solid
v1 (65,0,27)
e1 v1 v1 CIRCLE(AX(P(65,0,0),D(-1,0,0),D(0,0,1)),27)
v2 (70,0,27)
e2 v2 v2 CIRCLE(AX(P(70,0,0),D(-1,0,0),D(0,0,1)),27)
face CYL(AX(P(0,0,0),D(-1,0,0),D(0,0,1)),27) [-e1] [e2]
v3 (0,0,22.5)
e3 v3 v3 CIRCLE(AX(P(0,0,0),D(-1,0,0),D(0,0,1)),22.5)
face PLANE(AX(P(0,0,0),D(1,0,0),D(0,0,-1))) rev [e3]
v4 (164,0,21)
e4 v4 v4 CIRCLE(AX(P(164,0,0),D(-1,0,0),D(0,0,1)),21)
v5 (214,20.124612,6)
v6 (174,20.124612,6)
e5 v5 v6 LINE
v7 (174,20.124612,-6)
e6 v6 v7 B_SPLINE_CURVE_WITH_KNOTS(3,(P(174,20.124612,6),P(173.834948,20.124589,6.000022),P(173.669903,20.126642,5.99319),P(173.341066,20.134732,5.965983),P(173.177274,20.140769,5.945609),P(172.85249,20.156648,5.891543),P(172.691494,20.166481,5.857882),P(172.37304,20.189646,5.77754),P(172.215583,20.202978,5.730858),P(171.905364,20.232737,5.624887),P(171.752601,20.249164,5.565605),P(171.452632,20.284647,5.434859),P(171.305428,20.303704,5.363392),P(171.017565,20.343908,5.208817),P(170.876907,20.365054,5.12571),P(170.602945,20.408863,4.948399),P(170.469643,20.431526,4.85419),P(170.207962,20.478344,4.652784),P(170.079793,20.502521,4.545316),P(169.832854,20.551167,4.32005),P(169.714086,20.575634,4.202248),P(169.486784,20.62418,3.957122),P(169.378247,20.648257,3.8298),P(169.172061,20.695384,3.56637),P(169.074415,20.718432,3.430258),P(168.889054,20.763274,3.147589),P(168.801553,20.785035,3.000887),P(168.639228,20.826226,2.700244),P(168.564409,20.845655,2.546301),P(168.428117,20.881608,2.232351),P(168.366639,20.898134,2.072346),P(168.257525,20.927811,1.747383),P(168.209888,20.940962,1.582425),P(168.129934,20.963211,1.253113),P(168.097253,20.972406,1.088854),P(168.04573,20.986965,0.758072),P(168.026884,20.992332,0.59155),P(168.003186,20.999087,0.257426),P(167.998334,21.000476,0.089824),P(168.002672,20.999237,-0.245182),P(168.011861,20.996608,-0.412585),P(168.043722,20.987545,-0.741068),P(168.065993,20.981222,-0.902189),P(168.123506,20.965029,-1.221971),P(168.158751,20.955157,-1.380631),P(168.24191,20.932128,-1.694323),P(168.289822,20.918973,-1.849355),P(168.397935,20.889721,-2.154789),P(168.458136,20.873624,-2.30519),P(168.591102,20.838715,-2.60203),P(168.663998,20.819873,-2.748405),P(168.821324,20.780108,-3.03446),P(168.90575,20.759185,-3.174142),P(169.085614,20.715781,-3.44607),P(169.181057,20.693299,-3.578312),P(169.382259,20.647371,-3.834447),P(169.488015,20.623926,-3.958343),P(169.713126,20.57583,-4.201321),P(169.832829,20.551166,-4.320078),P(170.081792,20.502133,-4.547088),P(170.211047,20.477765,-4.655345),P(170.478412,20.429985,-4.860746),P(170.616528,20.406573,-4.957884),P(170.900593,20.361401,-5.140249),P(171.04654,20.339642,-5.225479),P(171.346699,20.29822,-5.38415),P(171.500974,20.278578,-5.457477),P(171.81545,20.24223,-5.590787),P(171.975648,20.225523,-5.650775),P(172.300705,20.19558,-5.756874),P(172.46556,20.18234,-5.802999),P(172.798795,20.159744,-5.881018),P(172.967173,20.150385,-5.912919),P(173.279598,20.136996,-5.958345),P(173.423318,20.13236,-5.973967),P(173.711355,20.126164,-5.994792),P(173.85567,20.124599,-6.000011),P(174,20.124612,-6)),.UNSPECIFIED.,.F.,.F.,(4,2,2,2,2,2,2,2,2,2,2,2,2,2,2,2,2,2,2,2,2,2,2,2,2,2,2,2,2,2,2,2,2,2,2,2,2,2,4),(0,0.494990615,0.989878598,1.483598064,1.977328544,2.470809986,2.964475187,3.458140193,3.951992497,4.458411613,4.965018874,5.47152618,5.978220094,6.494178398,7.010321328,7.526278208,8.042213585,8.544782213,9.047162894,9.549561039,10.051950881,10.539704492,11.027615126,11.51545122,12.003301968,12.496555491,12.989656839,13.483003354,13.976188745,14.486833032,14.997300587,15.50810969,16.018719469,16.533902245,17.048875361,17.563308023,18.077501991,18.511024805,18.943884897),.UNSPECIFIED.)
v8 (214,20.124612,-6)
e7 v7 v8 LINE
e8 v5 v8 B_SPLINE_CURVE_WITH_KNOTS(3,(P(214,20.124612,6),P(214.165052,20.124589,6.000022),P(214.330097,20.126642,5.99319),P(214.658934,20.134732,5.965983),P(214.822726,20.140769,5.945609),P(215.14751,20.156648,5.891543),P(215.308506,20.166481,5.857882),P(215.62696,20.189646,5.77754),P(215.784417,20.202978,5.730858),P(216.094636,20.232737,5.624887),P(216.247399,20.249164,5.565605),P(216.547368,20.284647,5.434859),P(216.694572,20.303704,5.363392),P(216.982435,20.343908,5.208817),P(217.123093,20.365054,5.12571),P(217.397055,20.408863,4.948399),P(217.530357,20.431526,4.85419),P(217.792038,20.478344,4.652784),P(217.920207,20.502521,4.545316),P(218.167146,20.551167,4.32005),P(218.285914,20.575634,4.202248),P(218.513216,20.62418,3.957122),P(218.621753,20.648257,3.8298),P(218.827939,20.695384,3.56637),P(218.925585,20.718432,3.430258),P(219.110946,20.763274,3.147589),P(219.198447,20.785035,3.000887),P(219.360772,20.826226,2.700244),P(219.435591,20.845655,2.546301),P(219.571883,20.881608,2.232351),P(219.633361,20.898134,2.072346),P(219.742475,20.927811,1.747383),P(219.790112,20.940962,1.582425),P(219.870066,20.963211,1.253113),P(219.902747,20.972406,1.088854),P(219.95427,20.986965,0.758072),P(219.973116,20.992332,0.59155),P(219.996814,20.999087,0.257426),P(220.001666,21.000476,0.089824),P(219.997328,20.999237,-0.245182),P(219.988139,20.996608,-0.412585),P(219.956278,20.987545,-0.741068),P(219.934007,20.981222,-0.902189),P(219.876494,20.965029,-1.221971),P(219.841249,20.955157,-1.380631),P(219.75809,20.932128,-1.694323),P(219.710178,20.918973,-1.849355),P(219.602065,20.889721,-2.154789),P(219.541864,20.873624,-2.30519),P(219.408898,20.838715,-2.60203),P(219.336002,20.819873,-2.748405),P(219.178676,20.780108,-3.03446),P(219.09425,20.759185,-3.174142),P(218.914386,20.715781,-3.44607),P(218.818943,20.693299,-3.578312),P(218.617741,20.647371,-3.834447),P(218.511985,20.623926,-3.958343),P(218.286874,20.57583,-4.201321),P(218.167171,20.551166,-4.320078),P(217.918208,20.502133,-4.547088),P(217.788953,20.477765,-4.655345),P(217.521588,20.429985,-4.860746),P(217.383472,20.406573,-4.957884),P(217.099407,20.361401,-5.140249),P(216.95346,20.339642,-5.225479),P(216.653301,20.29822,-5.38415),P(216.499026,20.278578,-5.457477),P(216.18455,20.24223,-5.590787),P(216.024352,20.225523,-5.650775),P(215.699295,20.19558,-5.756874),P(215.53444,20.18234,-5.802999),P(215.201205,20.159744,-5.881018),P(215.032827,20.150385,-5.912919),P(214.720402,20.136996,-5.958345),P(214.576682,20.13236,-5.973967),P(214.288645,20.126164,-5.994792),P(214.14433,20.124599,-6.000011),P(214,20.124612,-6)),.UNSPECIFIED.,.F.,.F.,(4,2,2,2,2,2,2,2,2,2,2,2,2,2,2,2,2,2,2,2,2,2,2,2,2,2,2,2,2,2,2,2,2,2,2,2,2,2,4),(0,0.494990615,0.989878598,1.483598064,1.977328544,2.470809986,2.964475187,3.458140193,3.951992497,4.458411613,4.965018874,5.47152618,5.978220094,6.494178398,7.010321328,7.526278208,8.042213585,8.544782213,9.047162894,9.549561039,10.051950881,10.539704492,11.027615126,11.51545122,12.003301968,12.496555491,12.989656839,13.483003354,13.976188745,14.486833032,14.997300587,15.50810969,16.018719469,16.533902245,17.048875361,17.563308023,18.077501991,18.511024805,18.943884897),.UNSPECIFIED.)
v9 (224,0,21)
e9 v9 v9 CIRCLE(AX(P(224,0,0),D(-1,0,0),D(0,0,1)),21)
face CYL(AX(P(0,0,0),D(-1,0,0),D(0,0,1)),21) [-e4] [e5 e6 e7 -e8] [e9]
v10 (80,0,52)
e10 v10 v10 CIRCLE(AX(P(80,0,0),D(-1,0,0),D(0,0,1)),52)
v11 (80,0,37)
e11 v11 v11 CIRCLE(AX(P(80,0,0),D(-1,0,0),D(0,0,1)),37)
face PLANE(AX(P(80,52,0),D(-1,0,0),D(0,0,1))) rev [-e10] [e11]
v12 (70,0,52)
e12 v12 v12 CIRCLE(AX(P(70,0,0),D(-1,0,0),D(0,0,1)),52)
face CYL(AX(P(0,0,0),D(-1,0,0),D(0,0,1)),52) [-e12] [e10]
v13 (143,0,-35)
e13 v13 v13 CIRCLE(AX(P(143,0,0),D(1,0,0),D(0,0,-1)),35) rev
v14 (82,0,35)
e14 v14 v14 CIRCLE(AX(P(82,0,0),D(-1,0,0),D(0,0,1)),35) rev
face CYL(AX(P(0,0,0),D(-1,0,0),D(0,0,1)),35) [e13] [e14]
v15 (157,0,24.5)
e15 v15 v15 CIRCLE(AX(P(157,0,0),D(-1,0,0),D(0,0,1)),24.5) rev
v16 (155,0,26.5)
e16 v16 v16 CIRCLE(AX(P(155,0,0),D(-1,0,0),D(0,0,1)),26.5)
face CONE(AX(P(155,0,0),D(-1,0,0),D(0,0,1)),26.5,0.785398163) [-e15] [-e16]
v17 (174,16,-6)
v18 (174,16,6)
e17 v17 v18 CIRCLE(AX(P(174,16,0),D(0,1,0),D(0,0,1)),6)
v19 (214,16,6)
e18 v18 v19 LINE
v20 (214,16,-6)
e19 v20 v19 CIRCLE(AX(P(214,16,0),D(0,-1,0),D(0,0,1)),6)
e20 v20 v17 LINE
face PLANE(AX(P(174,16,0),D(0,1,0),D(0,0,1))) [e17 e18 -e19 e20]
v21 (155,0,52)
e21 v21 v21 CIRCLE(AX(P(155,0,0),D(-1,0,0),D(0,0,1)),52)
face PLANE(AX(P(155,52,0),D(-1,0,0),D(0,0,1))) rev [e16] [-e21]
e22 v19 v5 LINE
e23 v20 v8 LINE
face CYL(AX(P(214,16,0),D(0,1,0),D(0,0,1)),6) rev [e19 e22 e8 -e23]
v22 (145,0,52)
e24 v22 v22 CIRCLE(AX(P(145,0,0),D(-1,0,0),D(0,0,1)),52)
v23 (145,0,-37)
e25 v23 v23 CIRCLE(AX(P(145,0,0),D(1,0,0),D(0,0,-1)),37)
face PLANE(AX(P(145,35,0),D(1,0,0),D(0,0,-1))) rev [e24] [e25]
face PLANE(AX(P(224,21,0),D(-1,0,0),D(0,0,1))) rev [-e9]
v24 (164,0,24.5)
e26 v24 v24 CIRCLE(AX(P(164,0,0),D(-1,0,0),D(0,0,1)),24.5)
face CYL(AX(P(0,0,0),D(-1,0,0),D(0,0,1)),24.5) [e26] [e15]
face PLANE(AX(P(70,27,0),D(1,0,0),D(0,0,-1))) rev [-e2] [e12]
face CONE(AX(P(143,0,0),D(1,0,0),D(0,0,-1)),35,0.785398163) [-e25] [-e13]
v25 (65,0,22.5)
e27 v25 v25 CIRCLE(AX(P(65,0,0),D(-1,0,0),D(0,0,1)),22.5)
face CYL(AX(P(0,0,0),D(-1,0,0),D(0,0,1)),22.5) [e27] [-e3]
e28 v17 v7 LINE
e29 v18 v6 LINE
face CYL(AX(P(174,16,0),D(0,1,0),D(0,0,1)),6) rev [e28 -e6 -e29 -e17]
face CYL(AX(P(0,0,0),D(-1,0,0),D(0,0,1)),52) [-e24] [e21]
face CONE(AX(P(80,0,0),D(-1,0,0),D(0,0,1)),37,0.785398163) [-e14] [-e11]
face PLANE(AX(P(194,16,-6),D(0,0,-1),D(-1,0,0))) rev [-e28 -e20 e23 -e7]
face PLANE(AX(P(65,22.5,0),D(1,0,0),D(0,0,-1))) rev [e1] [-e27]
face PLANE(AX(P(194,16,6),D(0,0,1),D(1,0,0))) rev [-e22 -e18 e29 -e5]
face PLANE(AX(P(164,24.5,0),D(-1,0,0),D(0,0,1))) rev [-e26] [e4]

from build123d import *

# Parameters (mm, degrees)
CHAMFER1_SIZE      = 2
CUT_EXTRUDE1_DEPTH = 5


with BuildPart() as part:
    # Sketch1 → Revolve1 (revolve)
    with BuildSketch(Plane.XY):
        Polygon((0, 0), (0, 22.5), (65, 22.5), (65, 27), (70, 27), (70, 52), (80, 52), (80, 35), (145, 35), (145, 52), (155, 52), (155, 24.5), (164, 24.5), (164, 21), (224, 21), (224, 0), align=None)
    revolve(axis=Axis((0, 0, 0), (1, 0, 0)))

    # Chamfer1
    chamfer1_edges = [part.edges().sort_by_distance(p)[0] for p in [
        (155, -24.5, 0),
        (145, -35, 0),
        (80, -35, 0),
    ]]
    chamfer(chamfer1_edges, length=CHAMFER1_SIZE)

    # Sketch2 → Cut-Extrude1 (cut)
    with BuildSketch(Plane(origin=(0, 21, 0), x_dir=(1, 0, 0), z_dir=(0, 1, 0))):
        with BuildLine():
            Line((194, 6), (194, -6))
            Line((194, -6), (174, -6))
            ThreePointArc((174, -6), (168, 0), (174, 6))
            Line((174, 6), (194, 6))
        make_face()
    cut_extrude1 = extrude(amount=-CUT_EXTRUDE1_DEPTH, mode=Mode.SUBTRACT)

    # Mirror1: Cut-Extrude1 across plane
    add(cut_extrude1.mirror(Plane(origin=(194, 16, -6), x_dir=(0, 0, 1), z_dir=(1, 0, 0))), mode=Mode.SUBTRACT)


solid = part.part
